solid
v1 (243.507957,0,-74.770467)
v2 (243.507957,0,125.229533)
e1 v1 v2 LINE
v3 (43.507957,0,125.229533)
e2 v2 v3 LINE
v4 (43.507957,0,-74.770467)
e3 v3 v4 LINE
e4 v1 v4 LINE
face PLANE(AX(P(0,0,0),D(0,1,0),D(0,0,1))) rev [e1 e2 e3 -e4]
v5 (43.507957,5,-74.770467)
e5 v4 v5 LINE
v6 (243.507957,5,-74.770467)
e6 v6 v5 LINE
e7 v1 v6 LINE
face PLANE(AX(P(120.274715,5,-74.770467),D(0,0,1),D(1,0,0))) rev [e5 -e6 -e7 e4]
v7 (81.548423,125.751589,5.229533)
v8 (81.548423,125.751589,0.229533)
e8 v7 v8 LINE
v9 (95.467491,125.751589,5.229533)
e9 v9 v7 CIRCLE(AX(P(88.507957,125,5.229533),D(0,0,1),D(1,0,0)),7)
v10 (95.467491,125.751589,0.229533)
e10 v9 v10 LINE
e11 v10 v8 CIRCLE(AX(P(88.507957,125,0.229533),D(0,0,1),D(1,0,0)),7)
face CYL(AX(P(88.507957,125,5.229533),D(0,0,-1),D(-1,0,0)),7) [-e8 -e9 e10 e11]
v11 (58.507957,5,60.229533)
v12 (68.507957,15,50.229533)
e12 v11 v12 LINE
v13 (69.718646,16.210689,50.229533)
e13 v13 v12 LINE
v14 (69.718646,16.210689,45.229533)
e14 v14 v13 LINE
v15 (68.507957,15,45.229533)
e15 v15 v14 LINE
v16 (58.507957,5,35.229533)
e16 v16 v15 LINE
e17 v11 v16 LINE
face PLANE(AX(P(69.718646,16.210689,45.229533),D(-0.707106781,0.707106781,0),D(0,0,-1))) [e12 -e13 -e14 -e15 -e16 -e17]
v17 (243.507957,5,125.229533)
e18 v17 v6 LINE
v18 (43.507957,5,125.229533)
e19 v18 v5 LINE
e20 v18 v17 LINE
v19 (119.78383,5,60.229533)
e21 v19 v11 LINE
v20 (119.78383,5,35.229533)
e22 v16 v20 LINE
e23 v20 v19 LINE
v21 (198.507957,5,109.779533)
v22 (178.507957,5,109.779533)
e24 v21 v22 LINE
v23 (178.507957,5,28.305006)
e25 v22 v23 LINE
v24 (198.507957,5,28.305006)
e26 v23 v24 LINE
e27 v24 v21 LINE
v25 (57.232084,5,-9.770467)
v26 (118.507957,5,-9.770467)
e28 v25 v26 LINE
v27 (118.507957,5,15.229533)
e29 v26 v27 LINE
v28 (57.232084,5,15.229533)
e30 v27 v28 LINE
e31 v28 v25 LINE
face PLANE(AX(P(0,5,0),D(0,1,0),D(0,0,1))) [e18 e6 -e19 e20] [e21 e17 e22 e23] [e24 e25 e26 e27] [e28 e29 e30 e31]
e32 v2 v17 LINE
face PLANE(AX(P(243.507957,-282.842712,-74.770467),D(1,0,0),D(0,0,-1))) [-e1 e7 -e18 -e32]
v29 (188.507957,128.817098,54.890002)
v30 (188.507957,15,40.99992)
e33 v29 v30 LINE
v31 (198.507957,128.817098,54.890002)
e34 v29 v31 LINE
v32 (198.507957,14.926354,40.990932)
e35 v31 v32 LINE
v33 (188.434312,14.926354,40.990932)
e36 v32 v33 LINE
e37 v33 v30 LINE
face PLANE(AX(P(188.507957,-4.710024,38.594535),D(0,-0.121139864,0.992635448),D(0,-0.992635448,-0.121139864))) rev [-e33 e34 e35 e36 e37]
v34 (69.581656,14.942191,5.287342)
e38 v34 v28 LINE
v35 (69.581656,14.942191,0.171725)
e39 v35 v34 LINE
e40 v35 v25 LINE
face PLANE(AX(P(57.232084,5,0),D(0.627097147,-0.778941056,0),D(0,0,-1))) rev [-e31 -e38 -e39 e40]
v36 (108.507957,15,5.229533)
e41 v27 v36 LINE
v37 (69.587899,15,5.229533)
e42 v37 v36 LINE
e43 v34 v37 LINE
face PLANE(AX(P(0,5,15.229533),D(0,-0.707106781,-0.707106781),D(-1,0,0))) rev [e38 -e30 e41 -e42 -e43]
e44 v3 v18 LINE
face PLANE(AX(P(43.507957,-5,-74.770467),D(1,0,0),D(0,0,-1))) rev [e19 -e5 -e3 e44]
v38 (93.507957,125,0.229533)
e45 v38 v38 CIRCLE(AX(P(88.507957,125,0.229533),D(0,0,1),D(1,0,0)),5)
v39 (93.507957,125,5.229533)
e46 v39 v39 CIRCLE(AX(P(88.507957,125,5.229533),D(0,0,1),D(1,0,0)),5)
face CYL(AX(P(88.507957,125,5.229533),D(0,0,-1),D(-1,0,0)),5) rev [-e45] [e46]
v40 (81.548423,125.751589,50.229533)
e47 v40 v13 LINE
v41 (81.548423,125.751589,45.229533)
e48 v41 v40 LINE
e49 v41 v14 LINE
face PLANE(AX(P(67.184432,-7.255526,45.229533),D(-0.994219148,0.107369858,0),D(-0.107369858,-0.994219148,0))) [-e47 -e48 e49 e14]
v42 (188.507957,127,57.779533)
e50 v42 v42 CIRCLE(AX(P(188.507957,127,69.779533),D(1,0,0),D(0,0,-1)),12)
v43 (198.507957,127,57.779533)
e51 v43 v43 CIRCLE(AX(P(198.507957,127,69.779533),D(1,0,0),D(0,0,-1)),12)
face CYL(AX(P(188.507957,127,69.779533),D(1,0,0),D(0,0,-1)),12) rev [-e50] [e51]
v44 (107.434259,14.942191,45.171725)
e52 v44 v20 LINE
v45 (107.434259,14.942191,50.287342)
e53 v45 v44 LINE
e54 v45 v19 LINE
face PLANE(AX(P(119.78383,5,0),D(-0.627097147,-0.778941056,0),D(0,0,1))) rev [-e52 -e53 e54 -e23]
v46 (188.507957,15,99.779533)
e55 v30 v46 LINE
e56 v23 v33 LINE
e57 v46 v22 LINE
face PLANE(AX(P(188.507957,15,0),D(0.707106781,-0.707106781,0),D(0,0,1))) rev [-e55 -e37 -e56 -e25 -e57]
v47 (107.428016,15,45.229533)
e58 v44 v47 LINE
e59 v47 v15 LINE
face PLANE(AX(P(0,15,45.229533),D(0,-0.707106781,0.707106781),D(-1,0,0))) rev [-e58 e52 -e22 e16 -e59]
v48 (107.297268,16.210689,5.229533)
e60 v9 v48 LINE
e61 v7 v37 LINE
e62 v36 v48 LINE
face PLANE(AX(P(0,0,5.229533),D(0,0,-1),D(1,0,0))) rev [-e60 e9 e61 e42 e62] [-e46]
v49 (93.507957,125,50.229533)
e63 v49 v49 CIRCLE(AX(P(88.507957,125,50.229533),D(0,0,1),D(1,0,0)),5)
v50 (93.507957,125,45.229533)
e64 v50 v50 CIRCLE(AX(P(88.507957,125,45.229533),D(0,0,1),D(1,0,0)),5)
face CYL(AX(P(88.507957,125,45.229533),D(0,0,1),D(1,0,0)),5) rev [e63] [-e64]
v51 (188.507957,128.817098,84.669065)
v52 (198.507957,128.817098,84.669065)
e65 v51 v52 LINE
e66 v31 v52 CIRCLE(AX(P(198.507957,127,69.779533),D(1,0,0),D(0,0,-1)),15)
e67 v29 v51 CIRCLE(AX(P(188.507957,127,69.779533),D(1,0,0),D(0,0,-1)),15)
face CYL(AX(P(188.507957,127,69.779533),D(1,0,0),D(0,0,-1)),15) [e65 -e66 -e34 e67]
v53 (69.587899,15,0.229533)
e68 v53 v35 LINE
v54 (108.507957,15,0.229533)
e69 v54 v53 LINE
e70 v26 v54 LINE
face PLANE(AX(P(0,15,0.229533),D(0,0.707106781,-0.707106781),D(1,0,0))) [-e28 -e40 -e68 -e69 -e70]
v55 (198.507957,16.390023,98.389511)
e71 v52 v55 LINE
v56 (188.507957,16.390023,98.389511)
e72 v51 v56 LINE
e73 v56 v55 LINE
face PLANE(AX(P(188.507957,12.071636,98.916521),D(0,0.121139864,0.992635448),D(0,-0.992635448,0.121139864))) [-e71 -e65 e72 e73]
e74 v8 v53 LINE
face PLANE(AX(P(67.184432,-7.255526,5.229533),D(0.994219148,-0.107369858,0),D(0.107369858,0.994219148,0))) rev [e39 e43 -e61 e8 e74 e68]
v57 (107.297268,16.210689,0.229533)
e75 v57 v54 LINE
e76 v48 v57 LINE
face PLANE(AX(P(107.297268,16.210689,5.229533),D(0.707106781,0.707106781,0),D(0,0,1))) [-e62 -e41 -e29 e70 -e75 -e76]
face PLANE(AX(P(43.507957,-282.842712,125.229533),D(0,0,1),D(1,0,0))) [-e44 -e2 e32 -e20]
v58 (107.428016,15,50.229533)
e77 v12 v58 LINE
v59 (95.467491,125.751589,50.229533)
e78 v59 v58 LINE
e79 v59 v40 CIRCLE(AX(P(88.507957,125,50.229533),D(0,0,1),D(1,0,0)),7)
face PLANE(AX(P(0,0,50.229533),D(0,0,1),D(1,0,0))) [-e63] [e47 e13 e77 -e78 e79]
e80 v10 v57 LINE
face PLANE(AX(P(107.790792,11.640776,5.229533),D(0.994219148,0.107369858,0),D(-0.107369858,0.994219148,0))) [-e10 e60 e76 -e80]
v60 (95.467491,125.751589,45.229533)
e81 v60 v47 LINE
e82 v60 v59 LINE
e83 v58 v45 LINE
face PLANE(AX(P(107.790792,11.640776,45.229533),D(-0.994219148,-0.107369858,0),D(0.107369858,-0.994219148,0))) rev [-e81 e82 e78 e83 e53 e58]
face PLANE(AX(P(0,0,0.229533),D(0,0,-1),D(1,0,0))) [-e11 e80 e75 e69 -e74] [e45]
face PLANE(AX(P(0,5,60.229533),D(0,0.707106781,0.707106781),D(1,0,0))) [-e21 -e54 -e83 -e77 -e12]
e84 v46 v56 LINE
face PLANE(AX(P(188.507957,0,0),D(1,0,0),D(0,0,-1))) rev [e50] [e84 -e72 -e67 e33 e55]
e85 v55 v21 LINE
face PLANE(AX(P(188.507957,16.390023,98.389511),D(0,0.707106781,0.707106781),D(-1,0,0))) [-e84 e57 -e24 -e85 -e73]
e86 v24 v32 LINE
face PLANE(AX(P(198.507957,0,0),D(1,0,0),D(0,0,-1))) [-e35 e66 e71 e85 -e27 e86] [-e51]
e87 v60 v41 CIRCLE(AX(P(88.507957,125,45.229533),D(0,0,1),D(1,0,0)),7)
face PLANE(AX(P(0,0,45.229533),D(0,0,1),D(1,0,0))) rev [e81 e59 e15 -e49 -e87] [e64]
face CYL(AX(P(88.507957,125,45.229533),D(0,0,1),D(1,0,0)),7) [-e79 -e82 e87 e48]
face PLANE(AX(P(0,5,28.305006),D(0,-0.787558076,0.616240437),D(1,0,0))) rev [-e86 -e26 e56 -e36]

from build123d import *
from OCP.BRepFilletAPI import BRepFilletAPI_MakeChamfer

# Parameters (mm, degrees)
SKETCH_2_W               = 240.549430728
SKETCH_2_H               = 149.540933388
EXTRUDE_1_DEPTH          = 5
SKETCH_6_W               = 93.246571425
SKETCH_6_H               = 149.540933388
EXTRUDE_4_DEPTH          = 5
SKETCH_8_W               = 274.716709757
SKETCH_8_H               = 58.51354913
EXTRUDE_6_DEPTH          = 5
CUT_EXTRUDE_2_DEPTH      = 252.755772101
CUT_EXTRUDE_2_DEPTH_BACK = 252.755772101
SKETCH_9_W               = 59.079292396
SKETCH_9_H               = 149.540933388
SKETCH_10_W              = 104.703380117
SKETCH_10_H              = 208.054482518
CUT_EXTRUDE_3_DEPTH      = 10
SKETCH_12_W              = 200
SKETCH_12_H              = 200
EXTRUDE_7_DEPTH          = 5
SKETCH_13_OUTSIDE_W      = 259.728
SKETCH_13_OUTSIDE_H      = 267.782
SKETCH_13_OUTSIDE_W_2    = 200
SKETCH_13_OUTSIDE_H_2    = 200
CUT_EXTRUDE_4_DEPTH      = 278.64321362
EXTRUDE_START            = -75
SKETCH_18_R              = 5
EXTRUDE_9_DEPTH          = 5
EXTRUDE_START_2          = -45
SKETCH_16_R              = 12
EXTRUDE_10_DEPTH         = 10
CHAMFER_1_SIZE           = 10
CHAMFER_1_SIZE2          = 11.275873044
CHAMFER_1_SIZE2_2        = 11.474527449
CHAMFER_2_SIZE           = 10


with BuildPart() as part:
    # 草图2 → 凸台-拉伸1 (new body)
    with BuildSketch(Plane(origin=(0, 0, 0), x_dir=(1, 0, 0), z_dir=(0, 1, 0))):
        Rectangle(SKETCH_2_W, SKETCH_2_H)
    extrude(amount=EXTRUDE_1_DEPTH)

    # 草图6 → 凸台-拉伸4 (add)
    with BuildSketch(Plane(origin=(0, 5, 0), x_dir=(1, 0, 0), z_dir=(0, 1, 0))):
        with Locations((166.898001077, 0)):
            Rectangle(SKETCH_6_W, SKETCH_6_H)
    extrude(amount=-EXTRUDE_4_DEPTH)

    # 草图8 → 凸台-拉伸6 (add)
    with BuildSketch(Plane(origin=(0, 5, 0), x_dir=(1, 0, 0), z_dir=(0, 1, 0))):
        with Locations((76.162931911, -104.027241259)):
            Rectangle(SKETCH_8_W, SKETCH_8_H)
    extrude(amount=-EXTRUDE_6_DEPTH)

    # 草图9 → 切除-拉伸2 (cut, two sides: drawn at the far end of the back side and taken through both)
    with BuildSketch(Plane(origin=(0, 5, 0), x_dir=(1, 0, 0), z_dir=(0, 1, 0)).offset(-CUT_EXTRUDE_2_DEPTH_BACK)):
        with Locations((-90.735069166, 0)):
            Rectangle(SKETCH_9_W, SKETCH_9_H)
    extrude(amount=CUT_EXTRUDE_2_DEPTH + CUT_EXTRUDE_2_DEPTH_BACK, mode=Mode.SUBTRACT)

    # 草图10 → 切除-拉伸3 (cut)
    with BuildSketch(Plane(origin=(0, 5, 0), x_dir=(1, 0, 0), z_dir=(0, 1, 0))):
        with Locations((-8.84373291, -29.256774565)):
            Rectangle(SKETCH_10_W, SKETCH_10_H)
    extrude(amount=-CUT_EXTRUDE_3_DEPTH, mode=Mode.SUBTRACT)

    # 草图12 → 凸台-拉伸7 (add)
    with BuildSketch(Plane(origin=(0, 5, 0), x_dir=(1, 0, 0), z_dir=(0, 1, 0))):
        with Locations((143.507957149, -25.229533306)):
            Rectangle(SKETCH_12_W, SKETCH_12_H)
    extrude(amount=-EXTRUDE_7_DEPTH)

    # 草图13 outside → 切除-拉伸4 (cut, through all)
    with BuildSketch(Plane(origin=(0, 5, 0), x_dir=(1, 0, 0), z_dir=(0, 1, 0))):
        with Locations((143.508, -29.257)):
            Rectangle(SKETCH_13_OUTSIDE_W, SKETCH_13_OUTSIDE_H)
        with Locations((143.507957149, -25.229533306)):
            Rectangle(SKETCH_13_OUTSIDE_W_2, SKETCH_13_OUTSIDE_H_2, mode=Mode.SUBTRACT)
    extrude(amount=-CUT_EXTRUDE_4_DEPTH, mode=Mode.SUBTRACT)

    # 草图18 → 凸台-拉伸9 (add)
    with BuildSketch(Plane.XY.offset(125.229533306).offset(EXTRUDE_START)):
        with BuildLine():
            Line((108.507957149, 5), (95.467491183, 125.751589006))
            ThreePointArc((95.467491183, 125.751589006), (88.507957149, 132), (81.548423116, 125.751589006))
            Line((81.548423116, 125.751589006), (68.507957149, 5))
            Line((68.507957149, 5), (108.507957149, 5))
        make_face()
        with Locations((88.507957149, 125)):
            Circle(SKETCH_18_R, mode=Mode.SUBTRACT)
    extrude_9 = extrude(amount=-EXTRUDE_9_DEPTH)

    # 镜向1: 凸台-拉伸9 across plane
    add(extrude_9.mirror(Plane.XY.offset(25.229533306)))

    # 草图16 → 凸台-拉伸10 (add)
    with BuildSketch(Plane(origin=(243.507957149, 0, 0), x_dir=(0, 0, -1), z_dir=(1, 0, 0)).offset(EXTRUDE_START_2)):
        with BuildLine():
            Line((-39.779533306, 5), (-54.890001581, 128.817097965))
            ThreePointArc((-54.890001581, 128.817097965), (-69.779533306, 142), (-84.669065031, 128.817097965))
            Line((-84.669065031, 128.817097965), (-99.779533306, 5))
            Line((-99.779533306, 5), (-39.779533306, 5))
        make_face()
        with Locations((-69.779533306, 127)):
            Circle(SKETCH_16_R, mode=Mode.SUBTRACT)
    extrude(amount=-EXTRUDE_10_DEPTH)

    # 倒角1: one chamfer whose edges measure the first distance from different faces: ONE call of the kernel's chamfer builder (chamfer() names one face for all edges)
    chamfer_1_edges_1 = [part.edges().sort_by_distance(p)[0] for p in [
        (88.507957149, 5, 50.229533306),
        (88.507957149, 5, 45.229533306),
        (88.507957149, 5, 5.229533306),
        (88.507957149, 5, 0.229533306),
    ]]
    chamfer_1_edges_2 = [part.edges().sort_by_distance(p)[0] for p in [
        (108.507957149, 5, 47.729533306),
    ]]
    chamfer_1_side_2 = [part.faces().sort_by_distance(p)[0] for p in [
        (101.987724166, 65.375794503, 47.729533306),
    ]]
    chamfer_1_edges_3 = [part.edges().sort_by_distance(p)[0] for p in [
        (68.507957149, 5, 47.729533306),
        (108.507957149, 5, 2.729533306),
    ]]
    chamfer_1_side_3 = [part.faces().sort_by_distance(p)[0] for p in [
        (143.302828944, 5, 24.544148691),
    ]]
    chamfer_1_edges_4 = [part.edges().sort_by_distance(p)[0] for p in [
        (68.507957149, 5, 2.729533306),
    ]]
    chamfer_1_side_4 = [part.faces().sort_by_distance(p)[0] for p in [
        (75.028190132, 65.375794503, 2.729533306),
    ]]
    chamfer_1_edges_5 = [part.edges().sort_by_distance(p)[0] for p in [
        (193.507957149, 5, 39.779533306),
    ]]
    chamfer_1_side_5 = [part.faces().sort_by_distance(p)[0] for p in [
        (193.507957149, 66.908548983, 47.334767443),
    ]]
    chamfer_1_edges_6 = [part.edges().sort_by_distance(p)[0] for p in [
        (193.507957149, 5, 99.779533306),
    ]]
    chamfer_1_side_6 = [part.faces().sort_by_distance(p)[0] for p in [
        (143.302828944, 5, 24.544148691),
    ]]
    chamfer_1 = BRepFilletAPI_MakeChamfer(part.part.solid().wrapped)
    for e in chamfer_1_edges_1:
        chamfer_1.Add(CHAMFER_1_SIZE, e.wrapped)
    for e in chamfer_1_edges_2:
        chamfer_1.Add(CHAMFER_1_SIZE, CHAMFER_1_SIZE2, e.wrapped, chamfer_1_side_2[0].wrapped)  # the first distance lies on this face
    for e in chamfer_1_edges_3:
        chamfer_1.Add(CHAMFER_1_SIZE, CHAMFER_1_SIZE2, e.wrapped, chamfer_1_side_3[0].wrapped)  # the first distance lies on this face
    for e in chamfer_1_edges_4:
        chamfer_1.Add(CHAMFER_1_SIZE, CHAMFER_1_SIZE2, e.wrapped, chamfer_1_side_4[0].wrapped)  # the first distance lies on this face
    for e in chamfer_1_edges_5:
        chamfer_1.Add(CHAMFER_1_SIZE, CHAMFER_1_SIZE2_2, e.wrapped, chamfer_1_side_5[0].wrapped)  # the first distance lies on this face
    for e in chamfer_1_edges_6:
        chamfer_1.Add(CHAMFER_1_SIZE, CHAMFER_1_SIZE2_2, e.wrapped, chamfer_1_side_6[0].wrapped)  # the first distance lies on this face
    add(Compound.cast(chamfer_1.Shape()), mode=Mode.REPLACE)

    # 倒角2
    chamfer_2_edges = [part.edges().sort_by_distance(p)[0] for p in [
        (188.507957149, 5, 69.042269581),
    ]]
    chamfer(chamfer_2_edges, length=CHAMFER_2_SIZE)


solid = part.part
